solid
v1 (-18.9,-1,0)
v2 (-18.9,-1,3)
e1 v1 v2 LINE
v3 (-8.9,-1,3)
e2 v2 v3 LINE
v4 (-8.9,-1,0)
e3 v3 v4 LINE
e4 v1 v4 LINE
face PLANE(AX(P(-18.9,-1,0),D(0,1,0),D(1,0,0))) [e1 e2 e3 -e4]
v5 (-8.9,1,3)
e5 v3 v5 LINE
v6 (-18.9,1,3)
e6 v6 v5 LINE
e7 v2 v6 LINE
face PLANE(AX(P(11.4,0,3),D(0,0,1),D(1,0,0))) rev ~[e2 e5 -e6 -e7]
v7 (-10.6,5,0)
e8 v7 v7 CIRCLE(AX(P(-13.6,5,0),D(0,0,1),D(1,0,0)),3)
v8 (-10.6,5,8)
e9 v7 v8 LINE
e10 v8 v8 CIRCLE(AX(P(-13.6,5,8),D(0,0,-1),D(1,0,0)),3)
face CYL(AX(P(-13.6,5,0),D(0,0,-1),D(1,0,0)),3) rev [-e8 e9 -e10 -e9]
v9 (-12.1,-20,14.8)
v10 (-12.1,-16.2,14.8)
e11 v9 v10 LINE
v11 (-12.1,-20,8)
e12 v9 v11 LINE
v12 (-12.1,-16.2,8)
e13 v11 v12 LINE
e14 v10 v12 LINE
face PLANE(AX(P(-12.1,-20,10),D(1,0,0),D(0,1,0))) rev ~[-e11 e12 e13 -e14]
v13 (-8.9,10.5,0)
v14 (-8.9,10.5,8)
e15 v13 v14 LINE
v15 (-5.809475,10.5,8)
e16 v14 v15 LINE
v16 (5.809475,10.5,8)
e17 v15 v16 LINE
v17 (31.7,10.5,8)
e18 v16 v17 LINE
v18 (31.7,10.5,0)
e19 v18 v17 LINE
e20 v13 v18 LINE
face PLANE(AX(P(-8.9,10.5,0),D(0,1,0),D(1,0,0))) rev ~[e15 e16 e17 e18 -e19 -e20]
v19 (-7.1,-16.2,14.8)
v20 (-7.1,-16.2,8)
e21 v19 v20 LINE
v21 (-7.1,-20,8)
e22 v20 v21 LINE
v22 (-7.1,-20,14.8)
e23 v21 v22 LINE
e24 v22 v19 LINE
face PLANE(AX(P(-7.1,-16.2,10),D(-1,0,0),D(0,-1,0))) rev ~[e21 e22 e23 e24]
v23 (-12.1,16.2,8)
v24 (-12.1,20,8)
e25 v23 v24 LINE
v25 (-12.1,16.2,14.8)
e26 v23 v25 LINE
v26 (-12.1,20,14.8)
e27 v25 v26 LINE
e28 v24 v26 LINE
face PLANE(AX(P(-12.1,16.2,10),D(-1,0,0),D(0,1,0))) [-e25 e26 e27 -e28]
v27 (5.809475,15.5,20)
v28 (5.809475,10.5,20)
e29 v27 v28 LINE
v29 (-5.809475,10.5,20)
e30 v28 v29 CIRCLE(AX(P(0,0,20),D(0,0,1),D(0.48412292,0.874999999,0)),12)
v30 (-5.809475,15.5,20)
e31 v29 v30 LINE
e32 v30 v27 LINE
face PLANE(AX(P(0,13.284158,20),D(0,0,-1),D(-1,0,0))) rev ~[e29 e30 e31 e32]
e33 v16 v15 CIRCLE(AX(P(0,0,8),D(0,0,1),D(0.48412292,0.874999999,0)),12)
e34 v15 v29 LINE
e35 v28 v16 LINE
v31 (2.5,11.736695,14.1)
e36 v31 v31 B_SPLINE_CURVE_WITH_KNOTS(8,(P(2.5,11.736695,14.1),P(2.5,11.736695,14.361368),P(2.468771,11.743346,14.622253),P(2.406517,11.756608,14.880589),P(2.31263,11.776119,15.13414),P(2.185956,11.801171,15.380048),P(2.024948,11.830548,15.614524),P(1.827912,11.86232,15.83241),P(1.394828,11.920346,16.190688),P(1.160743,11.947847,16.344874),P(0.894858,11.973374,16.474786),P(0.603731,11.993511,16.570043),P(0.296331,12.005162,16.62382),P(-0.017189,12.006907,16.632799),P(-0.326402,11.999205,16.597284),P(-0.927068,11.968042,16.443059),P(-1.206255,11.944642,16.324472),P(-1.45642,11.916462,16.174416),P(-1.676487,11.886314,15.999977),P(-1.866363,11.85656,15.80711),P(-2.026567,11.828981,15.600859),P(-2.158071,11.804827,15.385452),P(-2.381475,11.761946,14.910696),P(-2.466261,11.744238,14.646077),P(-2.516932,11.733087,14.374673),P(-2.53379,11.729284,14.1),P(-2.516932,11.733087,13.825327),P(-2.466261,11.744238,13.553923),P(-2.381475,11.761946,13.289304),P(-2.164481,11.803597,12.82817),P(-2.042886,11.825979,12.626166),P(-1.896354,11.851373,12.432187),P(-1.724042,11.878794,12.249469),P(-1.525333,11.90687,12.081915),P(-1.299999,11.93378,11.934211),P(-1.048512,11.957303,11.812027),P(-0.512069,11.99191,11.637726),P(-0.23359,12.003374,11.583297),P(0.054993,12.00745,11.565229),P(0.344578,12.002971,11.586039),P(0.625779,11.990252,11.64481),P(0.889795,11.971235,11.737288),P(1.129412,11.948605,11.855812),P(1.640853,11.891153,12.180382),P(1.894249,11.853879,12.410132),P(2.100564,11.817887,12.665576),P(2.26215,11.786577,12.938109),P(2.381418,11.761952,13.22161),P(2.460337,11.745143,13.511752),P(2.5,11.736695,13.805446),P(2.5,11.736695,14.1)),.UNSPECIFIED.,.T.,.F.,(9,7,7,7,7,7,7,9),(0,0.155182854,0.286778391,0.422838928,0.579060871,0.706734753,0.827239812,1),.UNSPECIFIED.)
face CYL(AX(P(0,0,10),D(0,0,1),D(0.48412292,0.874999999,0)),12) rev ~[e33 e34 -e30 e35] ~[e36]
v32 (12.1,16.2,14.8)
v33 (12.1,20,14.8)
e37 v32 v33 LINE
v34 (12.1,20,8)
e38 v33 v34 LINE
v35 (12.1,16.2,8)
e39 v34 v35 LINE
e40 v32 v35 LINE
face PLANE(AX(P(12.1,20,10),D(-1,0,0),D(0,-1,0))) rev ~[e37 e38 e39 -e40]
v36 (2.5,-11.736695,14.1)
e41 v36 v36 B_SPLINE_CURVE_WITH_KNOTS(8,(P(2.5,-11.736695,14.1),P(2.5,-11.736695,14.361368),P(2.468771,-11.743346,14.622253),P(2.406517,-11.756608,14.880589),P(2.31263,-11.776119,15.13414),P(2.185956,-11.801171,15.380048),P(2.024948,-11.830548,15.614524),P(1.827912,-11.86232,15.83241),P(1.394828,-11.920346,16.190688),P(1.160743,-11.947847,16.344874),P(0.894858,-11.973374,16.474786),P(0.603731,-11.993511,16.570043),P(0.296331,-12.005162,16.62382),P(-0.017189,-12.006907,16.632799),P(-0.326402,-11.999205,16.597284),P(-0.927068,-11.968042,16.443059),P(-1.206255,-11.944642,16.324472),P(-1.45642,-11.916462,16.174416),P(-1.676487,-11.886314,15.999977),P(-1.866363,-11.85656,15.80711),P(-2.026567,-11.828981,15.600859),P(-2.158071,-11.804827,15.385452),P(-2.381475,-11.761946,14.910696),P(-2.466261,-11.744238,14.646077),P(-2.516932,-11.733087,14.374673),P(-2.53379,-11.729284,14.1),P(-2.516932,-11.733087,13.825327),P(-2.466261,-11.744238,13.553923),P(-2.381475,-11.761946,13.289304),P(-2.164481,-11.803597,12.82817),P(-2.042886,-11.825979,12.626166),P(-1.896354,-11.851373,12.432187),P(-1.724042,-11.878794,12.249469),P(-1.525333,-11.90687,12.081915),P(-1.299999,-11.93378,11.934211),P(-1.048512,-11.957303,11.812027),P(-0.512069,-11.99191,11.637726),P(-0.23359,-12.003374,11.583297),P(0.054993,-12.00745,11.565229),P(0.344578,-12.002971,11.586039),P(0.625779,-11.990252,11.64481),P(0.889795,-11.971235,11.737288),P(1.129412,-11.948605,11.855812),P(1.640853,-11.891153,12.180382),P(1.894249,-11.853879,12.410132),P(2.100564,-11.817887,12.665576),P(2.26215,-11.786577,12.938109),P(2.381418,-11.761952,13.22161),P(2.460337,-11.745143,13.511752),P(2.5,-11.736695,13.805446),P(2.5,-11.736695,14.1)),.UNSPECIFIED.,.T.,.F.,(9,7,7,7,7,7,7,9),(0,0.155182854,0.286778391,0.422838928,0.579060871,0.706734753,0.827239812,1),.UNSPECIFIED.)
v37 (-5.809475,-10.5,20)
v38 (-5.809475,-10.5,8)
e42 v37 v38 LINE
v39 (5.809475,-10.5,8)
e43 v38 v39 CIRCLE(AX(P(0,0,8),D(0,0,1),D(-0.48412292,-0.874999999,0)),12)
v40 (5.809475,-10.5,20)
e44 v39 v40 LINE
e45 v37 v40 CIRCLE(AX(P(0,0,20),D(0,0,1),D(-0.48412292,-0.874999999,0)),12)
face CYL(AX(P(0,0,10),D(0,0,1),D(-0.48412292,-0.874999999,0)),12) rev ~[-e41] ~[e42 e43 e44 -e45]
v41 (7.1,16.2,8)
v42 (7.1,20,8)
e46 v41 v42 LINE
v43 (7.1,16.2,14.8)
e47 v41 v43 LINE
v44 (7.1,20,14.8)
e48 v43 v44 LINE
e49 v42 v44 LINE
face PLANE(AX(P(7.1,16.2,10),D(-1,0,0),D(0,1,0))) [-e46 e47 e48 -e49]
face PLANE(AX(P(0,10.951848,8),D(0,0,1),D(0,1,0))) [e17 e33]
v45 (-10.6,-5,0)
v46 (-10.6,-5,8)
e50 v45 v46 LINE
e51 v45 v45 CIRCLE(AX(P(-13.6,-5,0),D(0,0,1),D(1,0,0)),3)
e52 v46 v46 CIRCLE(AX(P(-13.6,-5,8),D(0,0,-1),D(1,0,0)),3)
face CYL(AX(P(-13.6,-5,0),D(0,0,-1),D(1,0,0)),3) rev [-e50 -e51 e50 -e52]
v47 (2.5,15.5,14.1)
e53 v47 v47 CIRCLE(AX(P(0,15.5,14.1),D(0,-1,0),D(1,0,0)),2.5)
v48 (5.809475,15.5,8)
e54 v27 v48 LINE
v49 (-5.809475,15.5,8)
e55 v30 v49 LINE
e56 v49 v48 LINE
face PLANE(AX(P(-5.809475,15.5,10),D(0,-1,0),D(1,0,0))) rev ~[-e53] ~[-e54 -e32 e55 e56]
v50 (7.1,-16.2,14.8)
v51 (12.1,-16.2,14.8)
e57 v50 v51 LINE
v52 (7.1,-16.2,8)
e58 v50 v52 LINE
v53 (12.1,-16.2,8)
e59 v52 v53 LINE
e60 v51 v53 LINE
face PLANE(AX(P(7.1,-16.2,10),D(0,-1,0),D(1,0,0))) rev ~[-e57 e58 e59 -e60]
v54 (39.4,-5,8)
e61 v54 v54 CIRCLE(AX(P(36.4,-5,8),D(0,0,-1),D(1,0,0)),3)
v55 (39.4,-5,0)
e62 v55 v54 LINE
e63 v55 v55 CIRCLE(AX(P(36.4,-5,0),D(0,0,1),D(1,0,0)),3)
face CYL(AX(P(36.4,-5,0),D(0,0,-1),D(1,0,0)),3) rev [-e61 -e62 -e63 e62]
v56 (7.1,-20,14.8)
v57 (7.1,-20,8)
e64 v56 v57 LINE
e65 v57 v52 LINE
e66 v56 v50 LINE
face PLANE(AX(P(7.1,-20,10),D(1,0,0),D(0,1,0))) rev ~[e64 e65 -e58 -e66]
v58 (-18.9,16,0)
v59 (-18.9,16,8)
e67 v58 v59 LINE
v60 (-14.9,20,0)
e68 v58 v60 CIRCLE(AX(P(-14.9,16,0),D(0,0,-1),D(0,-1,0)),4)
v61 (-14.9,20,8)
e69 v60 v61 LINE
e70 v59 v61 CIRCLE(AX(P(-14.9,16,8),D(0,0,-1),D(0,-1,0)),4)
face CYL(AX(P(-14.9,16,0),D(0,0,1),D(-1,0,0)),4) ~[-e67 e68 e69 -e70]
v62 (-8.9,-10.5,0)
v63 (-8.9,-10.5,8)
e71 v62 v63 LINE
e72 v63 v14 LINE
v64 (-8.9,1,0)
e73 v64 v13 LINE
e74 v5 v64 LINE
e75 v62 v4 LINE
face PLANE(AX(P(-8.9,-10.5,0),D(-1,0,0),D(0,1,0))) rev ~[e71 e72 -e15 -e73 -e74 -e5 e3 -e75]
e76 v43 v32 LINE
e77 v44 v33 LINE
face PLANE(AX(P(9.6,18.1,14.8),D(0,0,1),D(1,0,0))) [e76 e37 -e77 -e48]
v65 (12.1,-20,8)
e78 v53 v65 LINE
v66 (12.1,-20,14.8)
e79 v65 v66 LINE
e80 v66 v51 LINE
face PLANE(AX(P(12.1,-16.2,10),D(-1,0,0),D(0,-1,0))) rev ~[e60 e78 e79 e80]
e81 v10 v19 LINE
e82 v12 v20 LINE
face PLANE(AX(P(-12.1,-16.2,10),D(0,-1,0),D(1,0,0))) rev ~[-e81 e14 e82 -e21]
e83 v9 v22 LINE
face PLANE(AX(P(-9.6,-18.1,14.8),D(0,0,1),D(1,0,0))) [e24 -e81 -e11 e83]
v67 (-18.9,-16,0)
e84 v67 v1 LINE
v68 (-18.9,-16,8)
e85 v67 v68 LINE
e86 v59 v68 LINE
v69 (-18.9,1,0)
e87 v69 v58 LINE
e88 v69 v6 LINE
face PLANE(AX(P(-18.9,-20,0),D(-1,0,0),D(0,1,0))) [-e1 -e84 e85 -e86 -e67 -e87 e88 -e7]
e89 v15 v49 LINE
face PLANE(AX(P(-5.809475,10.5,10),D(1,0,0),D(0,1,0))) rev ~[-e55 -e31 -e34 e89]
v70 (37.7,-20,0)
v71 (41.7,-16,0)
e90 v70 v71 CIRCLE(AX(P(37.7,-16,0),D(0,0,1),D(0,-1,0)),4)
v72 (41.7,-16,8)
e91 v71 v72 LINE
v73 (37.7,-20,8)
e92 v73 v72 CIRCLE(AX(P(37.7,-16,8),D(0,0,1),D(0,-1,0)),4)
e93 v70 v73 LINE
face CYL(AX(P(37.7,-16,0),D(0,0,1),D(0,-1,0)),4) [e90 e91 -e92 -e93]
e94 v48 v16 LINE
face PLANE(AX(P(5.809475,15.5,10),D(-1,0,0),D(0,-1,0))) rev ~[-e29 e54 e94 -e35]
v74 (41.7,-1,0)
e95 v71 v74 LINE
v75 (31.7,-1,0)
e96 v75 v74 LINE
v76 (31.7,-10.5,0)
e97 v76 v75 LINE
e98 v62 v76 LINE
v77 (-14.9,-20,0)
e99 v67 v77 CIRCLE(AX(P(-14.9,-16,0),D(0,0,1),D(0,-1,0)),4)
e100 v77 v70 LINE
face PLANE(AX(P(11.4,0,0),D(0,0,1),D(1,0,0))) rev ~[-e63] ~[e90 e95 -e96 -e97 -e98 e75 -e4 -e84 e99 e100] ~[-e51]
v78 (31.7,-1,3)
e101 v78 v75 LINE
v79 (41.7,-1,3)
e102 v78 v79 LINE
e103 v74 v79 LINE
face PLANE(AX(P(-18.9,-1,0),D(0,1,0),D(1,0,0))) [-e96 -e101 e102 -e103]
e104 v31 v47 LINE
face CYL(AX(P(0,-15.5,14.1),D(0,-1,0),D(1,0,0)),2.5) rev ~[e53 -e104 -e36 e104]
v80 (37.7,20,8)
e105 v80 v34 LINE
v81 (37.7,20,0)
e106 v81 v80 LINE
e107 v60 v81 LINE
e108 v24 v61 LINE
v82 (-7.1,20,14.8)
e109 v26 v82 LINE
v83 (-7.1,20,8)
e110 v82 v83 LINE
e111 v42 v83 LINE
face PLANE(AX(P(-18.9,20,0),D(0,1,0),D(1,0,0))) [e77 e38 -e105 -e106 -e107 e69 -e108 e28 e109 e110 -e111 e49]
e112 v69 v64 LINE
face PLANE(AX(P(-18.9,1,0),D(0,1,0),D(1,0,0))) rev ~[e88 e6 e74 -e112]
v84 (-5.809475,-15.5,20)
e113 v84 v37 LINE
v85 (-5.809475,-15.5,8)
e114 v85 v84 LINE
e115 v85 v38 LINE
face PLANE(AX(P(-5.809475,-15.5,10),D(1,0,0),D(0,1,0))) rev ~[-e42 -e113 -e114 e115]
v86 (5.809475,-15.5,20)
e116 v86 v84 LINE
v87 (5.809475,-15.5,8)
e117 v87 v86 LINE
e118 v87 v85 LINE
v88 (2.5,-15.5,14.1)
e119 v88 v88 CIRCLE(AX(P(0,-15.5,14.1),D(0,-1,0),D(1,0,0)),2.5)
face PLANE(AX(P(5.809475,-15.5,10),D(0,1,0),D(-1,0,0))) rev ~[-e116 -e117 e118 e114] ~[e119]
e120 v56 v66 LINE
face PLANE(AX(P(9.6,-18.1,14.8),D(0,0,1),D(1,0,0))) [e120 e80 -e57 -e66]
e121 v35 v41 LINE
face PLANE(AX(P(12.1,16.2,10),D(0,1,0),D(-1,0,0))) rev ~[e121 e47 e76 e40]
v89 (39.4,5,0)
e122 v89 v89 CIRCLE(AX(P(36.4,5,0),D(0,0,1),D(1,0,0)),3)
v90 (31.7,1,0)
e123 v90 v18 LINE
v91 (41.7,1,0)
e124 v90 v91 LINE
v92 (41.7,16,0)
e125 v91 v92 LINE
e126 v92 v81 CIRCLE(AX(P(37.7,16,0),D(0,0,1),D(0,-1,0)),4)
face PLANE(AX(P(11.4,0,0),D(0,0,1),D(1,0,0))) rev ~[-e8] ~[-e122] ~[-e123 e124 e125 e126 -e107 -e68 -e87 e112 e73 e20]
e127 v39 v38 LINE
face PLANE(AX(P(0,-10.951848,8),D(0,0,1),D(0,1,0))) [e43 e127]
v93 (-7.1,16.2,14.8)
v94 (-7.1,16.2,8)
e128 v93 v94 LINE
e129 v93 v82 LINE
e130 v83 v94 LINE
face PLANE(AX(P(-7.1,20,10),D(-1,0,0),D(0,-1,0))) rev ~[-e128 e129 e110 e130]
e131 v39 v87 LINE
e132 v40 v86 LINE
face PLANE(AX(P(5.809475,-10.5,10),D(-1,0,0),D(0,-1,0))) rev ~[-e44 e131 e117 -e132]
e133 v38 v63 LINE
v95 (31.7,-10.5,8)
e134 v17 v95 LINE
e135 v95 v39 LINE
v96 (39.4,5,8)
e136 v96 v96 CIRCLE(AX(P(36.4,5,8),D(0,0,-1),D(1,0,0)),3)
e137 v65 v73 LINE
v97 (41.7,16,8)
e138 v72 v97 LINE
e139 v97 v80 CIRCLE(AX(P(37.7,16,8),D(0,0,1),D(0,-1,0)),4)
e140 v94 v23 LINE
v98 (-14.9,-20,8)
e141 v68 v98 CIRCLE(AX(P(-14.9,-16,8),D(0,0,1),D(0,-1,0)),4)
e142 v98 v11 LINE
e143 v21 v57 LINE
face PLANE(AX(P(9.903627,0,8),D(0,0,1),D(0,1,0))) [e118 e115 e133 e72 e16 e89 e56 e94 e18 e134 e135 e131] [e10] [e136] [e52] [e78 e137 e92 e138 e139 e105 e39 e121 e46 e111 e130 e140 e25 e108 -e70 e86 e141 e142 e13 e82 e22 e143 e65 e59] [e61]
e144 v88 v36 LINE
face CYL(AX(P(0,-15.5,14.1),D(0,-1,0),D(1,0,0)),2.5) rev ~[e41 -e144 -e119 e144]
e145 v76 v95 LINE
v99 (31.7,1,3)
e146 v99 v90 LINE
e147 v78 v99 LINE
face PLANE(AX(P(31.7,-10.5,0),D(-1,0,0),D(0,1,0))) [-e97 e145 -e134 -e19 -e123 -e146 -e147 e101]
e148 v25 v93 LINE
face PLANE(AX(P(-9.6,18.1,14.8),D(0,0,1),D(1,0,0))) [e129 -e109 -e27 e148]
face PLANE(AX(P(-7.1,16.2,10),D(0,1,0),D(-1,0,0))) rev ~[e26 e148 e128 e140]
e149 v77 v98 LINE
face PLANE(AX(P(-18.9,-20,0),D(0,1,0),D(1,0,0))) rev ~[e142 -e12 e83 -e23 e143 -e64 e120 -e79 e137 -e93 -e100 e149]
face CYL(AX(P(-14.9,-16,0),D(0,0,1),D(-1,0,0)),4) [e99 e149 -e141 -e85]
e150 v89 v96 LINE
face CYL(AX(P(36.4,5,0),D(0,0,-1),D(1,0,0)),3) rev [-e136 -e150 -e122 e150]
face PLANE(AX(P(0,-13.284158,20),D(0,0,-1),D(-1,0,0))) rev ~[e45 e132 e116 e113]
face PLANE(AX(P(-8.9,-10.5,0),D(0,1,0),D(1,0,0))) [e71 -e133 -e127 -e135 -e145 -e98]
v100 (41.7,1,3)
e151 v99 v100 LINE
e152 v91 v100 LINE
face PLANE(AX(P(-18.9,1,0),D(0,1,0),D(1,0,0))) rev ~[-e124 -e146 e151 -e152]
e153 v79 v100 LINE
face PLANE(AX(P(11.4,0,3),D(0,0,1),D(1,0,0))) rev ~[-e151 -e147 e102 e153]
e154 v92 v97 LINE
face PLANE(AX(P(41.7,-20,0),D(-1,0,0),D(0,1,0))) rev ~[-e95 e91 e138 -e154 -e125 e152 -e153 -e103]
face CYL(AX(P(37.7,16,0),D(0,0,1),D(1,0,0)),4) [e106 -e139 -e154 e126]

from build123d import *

# Parameters (mm, degrees)
SKETCH_W        = 60.6
SKETCH_H        = 40
SKETCH_R        = 3
SKETCH_W_2      = 40.6
SKETCH_H_2      = 21
PAD_DEPTH       = 10
SKETCH001_W     = 60.6
SKETCH001_H     = 2
POCKET_DEPTH    = 3
PAD001_DEPTH    = 10
SKETCH003_R     = 2.5
POCKET001_DEPTH = 35.501
SKETCH004_W     = 5
SKETCH004_H     = 3.8
PAD002_DEPTH    = 4.8
PAD002_FACE4_R  = 3
POCKET002_DEPTH = 2
POCKET003_DEPTH = 2
POCKET004_DEPTH = 2
FILLET_R        = 4


with BuildPart() as part:
    # Sketch → Pad (new body)
    with BuildSketch(Plane.XY):
        with Locations((11.4, 0)):
            Rectangle(SKETCH_W, SKETCH_H)
        with Locations((-13.6, 5)):
            Circle(SKETCH_R, mode=Mode.SUBTRACT)
        with Locations((-13.6, -5)):
            Circle(SKETCH_R, mode=Mode.SUBTRACT)
        with Locations((36.4, 5)):
            Circle(SKETCH_R, mode=Mode.SUBTRACT)
        with Locations((36.4, -5)):
            Circle(SKETCH_R, mode=Mode.SUBTRACT)
        with Locations((11.4, 0)):
            Rectangle(SKETCH_W_2, SKETCH_H_2, mode=Mode.SUBTRACT)
    extrude(amount=PAD_DEPTH)

    # Sketch001 (on DatumPlane) → Pocket (cut)
    with BuildSketch(Plane.XY):
        with Locations((11.4, 0)):
            Rectangle(SKETCH001_W, SKETCH001_H)
    extrude(amount=POCKET_DEPTH, mode=Mode.SUBTRACT)

    # Sketch002 (on Face5 of Pocket) → Pad001 (join)
    with BuildSketch(Plane.XY.offset(10)):
        with BuildLine():
            Line((-5.809475, 15.5), (5.809475, 15.5))
            Line((5.809475, 15.5), (5.809475, 10.5))
            ThreePointArc((5.809475, 10.5), (0, 12), (-5.809475, 10.5))
            Line((-5.809475, 10.5), (-5.809475, 15.5))
        make_face()
        with BuildLine():
            Line((5.809475, -10.5), (5.809475, -15.5))
            Line((5.809475, -15.5), (-5.809475, -15.5))
            Line((-5.809475, -15.5), (-5.809475, -10.5))
            ThreePointArc((-5.809475, -10.5), (0, -12), (5.809475, -10.5))
        make_face()
    extrude(amount=PAD001_DEPTH)

    # Sketch003 (on Face23 of Pad001) → Pocket001 (cut, through all)
    with BuildSketch(Plane.XZ.offset(15.5)):
        with Locations((0, 14.1)):
            Circle(SKETCH003_R)
    extrude(amount=-POCKET001_DEPTH, mode=Mode.SUBTRACT)

    # Sketch004 (on Face5 of Pocket001) → Pad002 (join)
    with BuildSketch(Plane.XY.offset(10)):
        with Locations((9.6, 18.1)):
            Rectangle(SKETCH004_W, SKETCH004_H)
        with Locations((-9.6, 18.1)):
            Rectangle(SKETCH004_W, SKETCH004_H)
        with Locations((-9.6, -18.1)):
            Rectangle(SKETCH004_W, SKETCH004_H)
        with Locations((9.6, -18.1)):
            Rectangle(SKETCH004_W, SKETCH004_H)
    extrude(amount=PAD002_DEPTH)

    # Pad002 Face4 → Pocket002 (cut)
    with BuildSketch(Plane(origin=(13.130462, 0, 10), x_dir=(0, 1, 0), z_dir=(0, 0, 1))):
        Polygon((20, 25.230462), (20, 32.030462), (-20, 32.030462), (-20, 25.230462), (-16.2, 25.230462), (-16.2, 20.230462), (-20, 20.230462), (-20, 6.030462), (-16.2, 6.030462), (-16.2, 1.030462), (-20, 1.030462), (-20, -28.569538), (20, -28.569538), (20, 1.030462), (16.2, 1.030462), (16.2, 6.030462), (20, 6.030462), (20, 20.230462), (16.2, 20.230462), (16.2, 25.230462), align=None)
        with Locations((-5, 26.730462)):
            Circle(PAD002_FACE4_R, mode=Mode.SUBTRACT)
        with Locations((-5, -23.269538)):
            Circle(PAD002_FACE4_R, mode=Mode.SUBTRACT)
        with Locations((5, 26.730462)):
            Circle(PAD002_FACE4_R, mode=Mode.SUBTRACT)
        Polygon((-10.5, 22.030462), (10.5, 22.030462), (10.5, 18.939937), (15.5, 18.939937), (15.5, 7.320987), (10.5, 7.320987), (10.5, -18.569538), (-10.5, -18.569538), (-10.5, 7.320987), (-15.5, 7.320987), (-15.5, 18.939937), (-10.5, 18.939937), align=None, mode=Mode.SUBTRACT)
        with Locations((5, -23.269538)):
            Circle(PAD002_FACE4_R, mode=Mode.SUBTRACT)
    extrude(amount=-POCKET002_DEPTH, mode=Mode.SUBTRACT)

    # Pocket002 Face25 → Pocket003 (cut)
    with BuildSketch(Plane(origin=(0, 11.103335, 10), x_dir=(0, 1, 0), z_dir=(0, 0, 1))):
        with BuildLine():
            ThreePointArc((-0.603335, -5.809475), (0.896665, 0), (-0.603335, 5.809475))
            Line((-0.603335, 5.809475), (-0.603335, -5.809475))
        make_face()
    extrude(amount=-POCKET003_DEPTH, mode=Mode.SUBTRACT)

    # Pocket003 Face45 → Pocket004 (cut)
    with BuildSketch(Plane(origin=(0, -11.103335, 10), x_dir=(0, 1, 0), z_dir=(0, 0, 1))):
        with BuildLine():
            Line((0.603335, -5.809475), (0.603335, 5.809475))
            ThreePointArc((0.603335, 5.809475), (-0.896665, 0), (0.603335, -5.809475))
        make_face()
    extrude(amount=-POCKET004_DEPTH, mode=Mode.SUBTRACT)

    # Fillet
    fillet_edges = [part.edges().sort_by_distance(p)[0] for p in [
        (-18.9, -20, 4),
        (-18.9, 20, 4),
        (41.7, -20, 4),
        (41.7, 20, 4),
    ]]
    fillet(fillet_edges, radius=FILLET_R)


solid = part.part
